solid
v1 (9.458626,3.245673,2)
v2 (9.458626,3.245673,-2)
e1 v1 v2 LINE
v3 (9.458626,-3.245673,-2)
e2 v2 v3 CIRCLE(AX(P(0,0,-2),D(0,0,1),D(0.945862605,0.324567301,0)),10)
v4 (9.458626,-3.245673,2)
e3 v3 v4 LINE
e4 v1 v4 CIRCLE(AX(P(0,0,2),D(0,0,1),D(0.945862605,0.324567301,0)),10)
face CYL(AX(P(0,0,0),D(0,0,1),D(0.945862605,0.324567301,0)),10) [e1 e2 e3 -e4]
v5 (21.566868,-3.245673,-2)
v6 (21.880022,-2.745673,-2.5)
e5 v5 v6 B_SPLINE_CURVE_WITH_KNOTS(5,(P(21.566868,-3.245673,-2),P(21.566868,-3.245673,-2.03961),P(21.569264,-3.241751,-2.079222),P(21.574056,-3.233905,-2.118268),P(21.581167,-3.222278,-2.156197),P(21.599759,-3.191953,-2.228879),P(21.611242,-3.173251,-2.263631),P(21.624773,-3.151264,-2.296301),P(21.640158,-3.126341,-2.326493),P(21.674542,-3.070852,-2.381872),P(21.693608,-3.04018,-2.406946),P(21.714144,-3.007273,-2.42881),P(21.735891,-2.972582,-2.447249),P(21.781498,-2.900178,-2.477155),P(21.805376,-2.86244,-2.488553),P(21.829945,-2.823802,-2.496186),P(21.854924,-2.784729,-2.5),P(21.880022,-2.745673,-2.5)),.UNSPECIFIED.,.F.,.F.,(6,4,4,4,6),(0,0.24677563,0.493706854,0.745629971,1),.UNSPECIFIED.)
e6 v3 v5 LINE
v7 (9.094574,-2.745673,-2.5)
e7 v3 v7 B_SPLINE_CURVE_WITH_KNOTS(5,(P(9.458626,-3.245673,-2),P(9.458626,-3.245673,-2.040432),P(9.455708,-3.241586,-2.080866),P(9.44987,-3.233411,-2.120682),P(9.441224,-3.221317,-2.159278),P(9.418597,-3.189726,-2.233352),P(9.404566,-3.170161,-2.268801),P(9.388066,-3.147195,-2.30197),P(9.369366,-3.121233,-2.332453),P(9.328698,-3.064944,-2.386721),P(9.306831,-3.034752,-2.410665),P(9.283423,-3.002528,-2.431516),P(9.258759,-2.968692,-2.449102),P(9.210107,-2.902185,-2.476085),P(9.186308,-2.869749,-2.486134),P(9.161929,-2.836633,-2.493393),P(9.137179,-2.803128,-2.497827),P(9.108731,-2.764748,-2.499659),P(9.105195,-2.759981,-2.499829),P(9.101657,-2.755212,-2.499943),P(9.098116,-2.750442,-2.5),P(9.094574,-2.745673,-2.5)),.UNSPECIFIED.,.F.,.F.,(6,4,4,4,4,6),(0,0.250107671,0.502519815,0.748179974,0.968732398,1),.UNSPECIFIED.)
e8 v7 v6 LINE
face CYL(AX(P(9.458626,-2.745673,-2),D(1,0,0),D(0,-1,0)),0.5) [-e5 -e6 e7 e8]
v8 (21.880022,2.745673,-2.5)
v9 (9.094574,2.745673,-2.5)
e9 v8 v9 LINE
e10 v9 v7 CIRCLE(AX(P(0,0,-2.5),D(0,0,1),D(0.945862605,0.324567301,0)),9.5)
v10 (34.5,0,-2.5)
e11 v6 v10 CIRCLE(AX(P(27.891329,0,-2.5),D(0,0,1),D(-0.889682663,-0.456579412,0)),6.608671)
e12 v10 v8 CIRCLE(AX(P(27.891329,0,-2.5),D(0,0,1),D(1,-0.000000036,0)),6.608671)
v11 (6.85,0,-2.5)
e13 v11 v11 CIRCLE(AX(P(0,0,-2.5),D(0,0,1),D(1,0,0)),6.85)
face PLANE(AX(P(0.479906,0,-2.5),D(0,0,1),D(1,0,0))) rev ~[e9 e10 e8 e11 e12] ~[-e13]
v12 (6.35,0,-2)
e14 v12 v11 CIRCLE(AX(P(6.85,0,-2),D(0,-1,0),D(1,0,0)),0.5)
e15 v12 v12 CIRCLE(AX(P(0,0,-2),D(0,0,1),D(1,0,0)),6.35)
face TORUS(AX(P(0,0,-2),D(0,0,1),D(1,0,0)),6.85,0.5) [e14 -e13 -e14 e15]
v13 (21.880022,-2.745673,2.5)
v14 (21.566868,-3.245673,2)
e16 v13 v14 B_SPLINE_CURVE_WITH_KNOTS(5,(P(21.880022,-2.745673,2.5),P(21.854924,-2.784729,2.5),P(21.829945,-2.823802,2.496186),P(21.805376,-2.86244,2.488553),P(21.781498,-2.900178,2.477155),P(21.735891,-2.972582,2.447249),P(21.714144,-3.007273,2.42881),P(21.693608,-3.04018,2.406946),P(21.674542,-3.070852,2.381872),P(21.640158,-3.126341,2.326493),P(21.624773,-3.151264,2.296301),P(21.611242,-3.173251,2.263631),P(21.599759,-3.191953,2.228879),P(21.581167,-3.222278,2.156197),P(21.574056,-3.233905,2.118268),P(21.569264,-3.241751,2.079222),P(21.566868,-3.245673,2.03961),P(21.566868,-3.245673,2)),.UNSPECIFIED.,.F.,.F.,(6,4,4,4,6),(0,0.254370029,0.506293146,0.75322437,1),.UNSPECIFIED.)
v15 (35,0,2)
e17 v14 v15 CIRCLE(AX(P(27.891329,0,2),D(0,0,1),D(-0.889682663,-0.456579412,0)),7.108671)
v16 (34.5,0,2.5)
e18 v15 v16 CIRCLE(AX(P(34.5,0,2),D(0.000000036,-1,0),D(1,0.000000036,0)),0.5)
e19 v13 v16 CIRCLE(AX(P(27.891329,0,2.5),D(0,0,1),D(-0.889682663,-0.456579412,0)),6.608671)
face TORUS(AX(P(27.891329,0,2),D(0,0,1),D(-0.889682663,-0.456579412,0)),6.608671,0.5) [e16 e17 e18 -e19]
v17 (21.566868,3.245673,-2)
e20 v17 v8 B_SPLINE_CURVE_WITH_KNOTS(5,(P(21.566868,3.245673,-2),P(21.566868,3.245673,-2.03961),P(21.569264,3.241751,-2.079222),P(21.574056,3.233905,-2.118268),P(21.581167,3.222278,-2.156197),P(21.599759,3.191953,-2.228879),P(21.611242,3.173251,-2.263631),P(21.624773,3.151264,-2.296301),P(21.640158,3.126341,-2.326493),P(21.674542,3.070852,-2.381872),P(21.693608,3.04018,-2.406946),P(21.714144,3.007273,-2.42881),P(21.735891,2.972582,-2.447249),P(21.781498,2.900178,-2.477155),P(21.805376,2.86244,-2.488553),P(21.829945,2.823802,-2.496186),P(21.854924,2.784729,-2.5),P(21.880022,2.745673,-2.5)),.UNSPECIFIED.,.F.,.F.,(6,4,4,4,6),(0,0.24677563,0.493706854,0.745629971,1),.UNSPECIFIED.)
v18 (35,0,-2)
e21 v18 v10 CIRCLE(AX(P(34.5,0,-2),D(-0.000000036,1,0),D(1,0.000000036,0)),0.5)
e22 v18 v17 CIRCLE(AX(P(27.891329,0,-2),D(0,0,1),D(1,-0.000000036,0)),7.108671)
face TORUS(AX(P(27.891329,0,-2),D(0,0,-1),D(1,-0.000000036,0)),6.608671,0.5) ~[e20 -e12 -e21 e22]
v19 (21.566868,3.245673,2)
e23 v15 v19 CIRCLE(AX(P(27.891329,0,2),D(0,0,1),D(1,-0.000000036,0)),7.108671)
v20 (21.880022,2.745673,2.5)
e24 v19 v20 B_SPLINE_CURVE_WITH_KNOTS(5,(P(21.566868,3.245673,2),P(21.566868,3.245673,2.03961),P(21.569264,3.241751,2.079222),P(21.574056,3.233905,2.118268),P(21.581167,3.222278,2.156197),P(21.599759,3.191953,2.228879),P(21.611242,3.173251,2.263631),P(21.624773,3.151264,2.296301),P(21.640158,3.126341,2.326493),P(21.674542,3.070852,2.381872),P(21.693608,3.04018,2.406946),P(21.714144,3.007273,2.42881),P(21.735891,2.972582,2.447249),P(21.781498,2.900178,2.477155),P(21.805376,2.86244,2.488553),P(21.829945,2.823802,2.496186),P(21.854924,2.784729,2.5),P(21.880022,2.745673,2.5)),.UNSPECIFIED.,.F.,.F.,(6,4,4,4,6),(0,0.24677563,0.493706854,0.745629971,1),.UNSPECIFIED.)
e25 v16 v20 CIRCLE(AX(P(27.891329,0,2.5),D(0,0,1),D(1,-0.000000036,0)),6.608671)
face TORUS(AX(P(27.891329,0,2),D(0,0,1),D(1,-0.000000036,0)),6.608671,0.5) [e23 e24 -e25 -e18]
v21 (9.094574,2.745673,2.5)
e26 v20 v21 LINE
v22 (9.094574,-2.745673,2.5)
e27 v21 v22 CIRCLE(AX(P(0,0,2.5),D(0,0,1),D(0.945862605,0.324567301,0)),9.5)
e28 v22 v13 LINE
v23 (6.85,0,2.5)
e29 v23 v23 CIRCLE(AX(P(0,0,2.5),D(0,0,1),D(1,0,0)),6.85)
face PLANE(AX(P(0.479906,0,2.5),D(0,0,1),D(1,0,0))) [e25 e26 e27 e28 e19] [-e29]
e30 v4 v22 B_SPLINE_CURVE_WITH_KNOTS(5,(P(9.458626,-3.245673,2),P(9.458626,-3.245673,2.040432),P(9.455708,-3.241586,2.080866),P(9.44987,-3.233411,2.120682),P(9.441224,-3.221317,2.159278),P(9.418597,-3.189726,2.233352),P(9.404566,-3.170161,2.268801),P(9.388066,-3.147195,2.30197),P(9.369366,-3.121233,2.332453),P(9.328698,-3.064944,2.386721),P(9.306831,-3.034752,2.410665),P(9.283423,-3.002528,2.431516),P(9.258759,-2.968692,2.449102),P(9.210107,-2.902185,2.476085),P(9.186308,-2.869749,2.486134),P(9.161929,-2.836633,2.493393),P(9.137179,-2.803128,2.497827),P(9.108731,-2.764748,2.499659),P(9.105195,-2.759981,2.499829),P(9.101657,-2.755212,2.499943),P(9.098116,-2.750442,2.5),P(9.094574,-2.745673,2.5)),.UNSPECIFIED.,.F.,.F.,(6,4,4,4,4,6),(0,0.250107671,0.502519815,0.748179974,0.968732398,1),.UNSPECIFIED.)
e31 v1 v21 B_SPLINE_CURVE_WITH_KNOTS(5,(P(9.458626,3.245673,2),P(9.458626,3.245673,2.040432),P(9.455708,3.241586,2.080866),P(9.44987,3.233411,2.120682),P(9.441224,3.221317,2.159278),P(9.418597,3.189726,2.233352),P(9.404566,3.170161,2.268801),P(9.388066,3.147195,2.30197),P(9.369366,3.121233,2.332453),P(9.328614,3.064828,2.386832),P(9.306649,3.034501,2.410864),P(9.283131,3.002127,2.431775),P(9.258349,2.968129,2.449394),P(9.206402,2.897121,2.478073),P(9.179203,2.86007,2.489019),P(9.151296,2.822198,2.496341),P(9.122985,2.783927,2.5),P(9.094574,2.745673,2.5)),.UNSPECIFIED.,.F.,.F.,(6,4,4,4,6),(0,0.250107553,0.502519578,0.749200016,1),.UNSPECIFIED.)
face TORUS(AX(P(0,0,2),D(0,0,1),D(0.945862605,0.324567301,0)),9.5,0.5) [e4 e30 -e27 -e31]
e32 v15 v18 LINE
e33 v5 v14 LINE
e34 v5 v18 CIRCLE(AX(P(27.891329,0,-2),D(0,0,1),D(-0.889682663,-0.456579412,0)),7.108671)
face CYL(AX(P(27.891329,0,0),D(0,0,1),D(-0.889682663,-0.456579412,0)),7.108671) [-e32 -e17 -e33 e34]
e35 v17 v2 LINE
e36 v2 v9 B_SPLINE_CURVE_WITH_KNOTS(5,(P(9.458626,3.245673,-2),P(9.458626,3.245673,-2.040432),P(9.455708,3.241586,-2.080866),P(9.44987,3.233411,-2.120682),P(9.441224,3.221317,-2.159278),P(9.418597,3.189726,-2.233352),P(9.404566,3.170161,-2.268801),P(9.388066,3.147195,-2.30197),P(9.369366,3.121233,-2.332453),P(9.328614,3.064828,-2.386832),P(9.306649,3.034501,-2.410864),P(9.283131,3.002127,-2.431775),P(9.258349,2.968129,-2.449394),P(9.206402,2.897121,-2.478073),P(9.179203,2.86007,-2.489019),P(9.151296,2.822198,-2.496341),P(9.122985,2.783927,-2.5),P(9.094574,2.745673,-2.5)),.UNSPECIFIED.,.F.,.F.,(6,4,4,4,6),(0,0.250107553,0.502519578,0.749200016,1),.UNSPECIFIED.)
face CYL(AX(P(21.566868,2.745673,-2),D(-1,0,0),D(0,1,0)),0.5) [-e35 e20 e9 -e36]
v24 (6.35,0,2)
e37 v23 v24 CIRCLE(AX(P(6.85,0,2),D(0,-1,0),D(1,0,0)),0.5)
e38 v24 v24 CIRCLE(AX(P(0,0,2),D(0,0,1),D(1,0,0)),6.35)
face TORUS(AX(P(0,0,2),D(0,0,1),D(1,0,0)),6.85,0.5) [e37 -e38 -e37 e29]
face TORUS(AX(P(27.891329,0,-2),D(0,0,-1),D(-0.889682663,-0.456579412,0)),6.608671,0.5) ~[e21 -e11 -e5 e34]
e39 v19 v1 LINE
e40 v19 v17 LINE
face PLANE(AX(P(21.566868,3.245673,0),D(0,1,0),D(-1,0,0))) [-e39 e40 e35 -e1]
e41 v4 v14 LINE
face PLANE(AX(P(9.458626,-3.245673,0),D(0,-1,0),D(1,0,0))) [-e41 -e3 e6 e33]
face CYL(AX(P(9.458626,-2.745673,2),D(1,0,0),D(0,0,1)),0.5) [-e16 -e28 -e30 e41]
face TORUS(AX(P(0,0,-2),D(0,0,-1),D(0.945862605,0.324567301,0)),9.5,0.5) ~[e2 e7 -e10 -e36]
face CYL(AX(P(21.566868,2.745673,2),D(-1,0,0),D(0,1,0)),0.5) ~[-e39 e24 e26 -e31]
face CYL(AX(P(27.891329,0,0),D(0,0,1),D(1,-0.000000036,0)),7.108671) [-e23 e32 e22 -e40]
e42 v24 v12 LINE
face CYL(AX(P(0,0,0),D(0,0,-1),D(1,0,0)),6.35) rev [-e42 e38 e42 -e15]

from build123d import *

# Parameters (mm, degrees)
F0_R     = 6.35
F1_DEPTH = 2.5
F2_R     = 0.5


with BuildPart() as f1:
    # F0 (on Top) → F1 (new body, symmetric)
    with BuildSketch(Plane.XY):
        with BuildLine():
            ThreePointArc((9.458626, -3.245673), (9.863728, -1.645257), (10, 0))
            ThreePointArc((10, 0), (9.863728, 1.645257), (9.458626, 3.245673))
            ThreePointArc((9.458626, 3.245673), (-10, 0), (9.458626, -3.245673))
        make_face()
        Circle(F0_R, mode=Mode.SUBTRACT)
        with BuildLine():
            ThreePointArc((9.458626, 3.245673), (9.863728, 1.645257), (10, 0))
            ThreePointArc((10, 0), (9.863728, -1.645257), (9.458626, -3.245673))
            Line((9.458626, -3.245673), (21.566868, -3.245673))
            ThreePointArc((21.566868, -3.245673), (20.782659, 0), (21.566868, 3.245673))
            Line((21.566868, 3.245673), (9.458626, 3.245673))
        make_face()
        with BuildLine():
            ThreePointArc((35, 0), (29.560863, 6.909838), (21.566868, 3.245673))
            ThreePointArc((21.566868, 3.245673), (20.782659, 0), (21.566868, -3.245673))
            ThreePointArc((21.566868, -3.245673), (29.560863, -6.909838), (35, 0))
        make_face()
    extrude(amount=F1_DEPTH, both=True)

    # F2
    f2_edges = [f1.edges().sort_by_distance(p)[0] for p in [
        (-10, 0, -2.5),
        (15.512747, -3.245673, -2.5),
        (29.560863, -6.909838, -2.5),
        (29.560863, 6.909838, -2.5),
        (15.512747, 3.245673, -2.5),
        (-6.35, 0, -2.5),
        (15.512747, 3.245673, 2.5),
        (-10, 0, 2.5),
        (15.512747, -3.245673, 2.5),
        (29.560863, -6.909838, 2.5),
        (29.560863, 6.909838, 2.5),
        (-6.35, 0, 2.5),
    ]]
    fillet(f2_edges, radius=F2_R)


solid = f1.part
